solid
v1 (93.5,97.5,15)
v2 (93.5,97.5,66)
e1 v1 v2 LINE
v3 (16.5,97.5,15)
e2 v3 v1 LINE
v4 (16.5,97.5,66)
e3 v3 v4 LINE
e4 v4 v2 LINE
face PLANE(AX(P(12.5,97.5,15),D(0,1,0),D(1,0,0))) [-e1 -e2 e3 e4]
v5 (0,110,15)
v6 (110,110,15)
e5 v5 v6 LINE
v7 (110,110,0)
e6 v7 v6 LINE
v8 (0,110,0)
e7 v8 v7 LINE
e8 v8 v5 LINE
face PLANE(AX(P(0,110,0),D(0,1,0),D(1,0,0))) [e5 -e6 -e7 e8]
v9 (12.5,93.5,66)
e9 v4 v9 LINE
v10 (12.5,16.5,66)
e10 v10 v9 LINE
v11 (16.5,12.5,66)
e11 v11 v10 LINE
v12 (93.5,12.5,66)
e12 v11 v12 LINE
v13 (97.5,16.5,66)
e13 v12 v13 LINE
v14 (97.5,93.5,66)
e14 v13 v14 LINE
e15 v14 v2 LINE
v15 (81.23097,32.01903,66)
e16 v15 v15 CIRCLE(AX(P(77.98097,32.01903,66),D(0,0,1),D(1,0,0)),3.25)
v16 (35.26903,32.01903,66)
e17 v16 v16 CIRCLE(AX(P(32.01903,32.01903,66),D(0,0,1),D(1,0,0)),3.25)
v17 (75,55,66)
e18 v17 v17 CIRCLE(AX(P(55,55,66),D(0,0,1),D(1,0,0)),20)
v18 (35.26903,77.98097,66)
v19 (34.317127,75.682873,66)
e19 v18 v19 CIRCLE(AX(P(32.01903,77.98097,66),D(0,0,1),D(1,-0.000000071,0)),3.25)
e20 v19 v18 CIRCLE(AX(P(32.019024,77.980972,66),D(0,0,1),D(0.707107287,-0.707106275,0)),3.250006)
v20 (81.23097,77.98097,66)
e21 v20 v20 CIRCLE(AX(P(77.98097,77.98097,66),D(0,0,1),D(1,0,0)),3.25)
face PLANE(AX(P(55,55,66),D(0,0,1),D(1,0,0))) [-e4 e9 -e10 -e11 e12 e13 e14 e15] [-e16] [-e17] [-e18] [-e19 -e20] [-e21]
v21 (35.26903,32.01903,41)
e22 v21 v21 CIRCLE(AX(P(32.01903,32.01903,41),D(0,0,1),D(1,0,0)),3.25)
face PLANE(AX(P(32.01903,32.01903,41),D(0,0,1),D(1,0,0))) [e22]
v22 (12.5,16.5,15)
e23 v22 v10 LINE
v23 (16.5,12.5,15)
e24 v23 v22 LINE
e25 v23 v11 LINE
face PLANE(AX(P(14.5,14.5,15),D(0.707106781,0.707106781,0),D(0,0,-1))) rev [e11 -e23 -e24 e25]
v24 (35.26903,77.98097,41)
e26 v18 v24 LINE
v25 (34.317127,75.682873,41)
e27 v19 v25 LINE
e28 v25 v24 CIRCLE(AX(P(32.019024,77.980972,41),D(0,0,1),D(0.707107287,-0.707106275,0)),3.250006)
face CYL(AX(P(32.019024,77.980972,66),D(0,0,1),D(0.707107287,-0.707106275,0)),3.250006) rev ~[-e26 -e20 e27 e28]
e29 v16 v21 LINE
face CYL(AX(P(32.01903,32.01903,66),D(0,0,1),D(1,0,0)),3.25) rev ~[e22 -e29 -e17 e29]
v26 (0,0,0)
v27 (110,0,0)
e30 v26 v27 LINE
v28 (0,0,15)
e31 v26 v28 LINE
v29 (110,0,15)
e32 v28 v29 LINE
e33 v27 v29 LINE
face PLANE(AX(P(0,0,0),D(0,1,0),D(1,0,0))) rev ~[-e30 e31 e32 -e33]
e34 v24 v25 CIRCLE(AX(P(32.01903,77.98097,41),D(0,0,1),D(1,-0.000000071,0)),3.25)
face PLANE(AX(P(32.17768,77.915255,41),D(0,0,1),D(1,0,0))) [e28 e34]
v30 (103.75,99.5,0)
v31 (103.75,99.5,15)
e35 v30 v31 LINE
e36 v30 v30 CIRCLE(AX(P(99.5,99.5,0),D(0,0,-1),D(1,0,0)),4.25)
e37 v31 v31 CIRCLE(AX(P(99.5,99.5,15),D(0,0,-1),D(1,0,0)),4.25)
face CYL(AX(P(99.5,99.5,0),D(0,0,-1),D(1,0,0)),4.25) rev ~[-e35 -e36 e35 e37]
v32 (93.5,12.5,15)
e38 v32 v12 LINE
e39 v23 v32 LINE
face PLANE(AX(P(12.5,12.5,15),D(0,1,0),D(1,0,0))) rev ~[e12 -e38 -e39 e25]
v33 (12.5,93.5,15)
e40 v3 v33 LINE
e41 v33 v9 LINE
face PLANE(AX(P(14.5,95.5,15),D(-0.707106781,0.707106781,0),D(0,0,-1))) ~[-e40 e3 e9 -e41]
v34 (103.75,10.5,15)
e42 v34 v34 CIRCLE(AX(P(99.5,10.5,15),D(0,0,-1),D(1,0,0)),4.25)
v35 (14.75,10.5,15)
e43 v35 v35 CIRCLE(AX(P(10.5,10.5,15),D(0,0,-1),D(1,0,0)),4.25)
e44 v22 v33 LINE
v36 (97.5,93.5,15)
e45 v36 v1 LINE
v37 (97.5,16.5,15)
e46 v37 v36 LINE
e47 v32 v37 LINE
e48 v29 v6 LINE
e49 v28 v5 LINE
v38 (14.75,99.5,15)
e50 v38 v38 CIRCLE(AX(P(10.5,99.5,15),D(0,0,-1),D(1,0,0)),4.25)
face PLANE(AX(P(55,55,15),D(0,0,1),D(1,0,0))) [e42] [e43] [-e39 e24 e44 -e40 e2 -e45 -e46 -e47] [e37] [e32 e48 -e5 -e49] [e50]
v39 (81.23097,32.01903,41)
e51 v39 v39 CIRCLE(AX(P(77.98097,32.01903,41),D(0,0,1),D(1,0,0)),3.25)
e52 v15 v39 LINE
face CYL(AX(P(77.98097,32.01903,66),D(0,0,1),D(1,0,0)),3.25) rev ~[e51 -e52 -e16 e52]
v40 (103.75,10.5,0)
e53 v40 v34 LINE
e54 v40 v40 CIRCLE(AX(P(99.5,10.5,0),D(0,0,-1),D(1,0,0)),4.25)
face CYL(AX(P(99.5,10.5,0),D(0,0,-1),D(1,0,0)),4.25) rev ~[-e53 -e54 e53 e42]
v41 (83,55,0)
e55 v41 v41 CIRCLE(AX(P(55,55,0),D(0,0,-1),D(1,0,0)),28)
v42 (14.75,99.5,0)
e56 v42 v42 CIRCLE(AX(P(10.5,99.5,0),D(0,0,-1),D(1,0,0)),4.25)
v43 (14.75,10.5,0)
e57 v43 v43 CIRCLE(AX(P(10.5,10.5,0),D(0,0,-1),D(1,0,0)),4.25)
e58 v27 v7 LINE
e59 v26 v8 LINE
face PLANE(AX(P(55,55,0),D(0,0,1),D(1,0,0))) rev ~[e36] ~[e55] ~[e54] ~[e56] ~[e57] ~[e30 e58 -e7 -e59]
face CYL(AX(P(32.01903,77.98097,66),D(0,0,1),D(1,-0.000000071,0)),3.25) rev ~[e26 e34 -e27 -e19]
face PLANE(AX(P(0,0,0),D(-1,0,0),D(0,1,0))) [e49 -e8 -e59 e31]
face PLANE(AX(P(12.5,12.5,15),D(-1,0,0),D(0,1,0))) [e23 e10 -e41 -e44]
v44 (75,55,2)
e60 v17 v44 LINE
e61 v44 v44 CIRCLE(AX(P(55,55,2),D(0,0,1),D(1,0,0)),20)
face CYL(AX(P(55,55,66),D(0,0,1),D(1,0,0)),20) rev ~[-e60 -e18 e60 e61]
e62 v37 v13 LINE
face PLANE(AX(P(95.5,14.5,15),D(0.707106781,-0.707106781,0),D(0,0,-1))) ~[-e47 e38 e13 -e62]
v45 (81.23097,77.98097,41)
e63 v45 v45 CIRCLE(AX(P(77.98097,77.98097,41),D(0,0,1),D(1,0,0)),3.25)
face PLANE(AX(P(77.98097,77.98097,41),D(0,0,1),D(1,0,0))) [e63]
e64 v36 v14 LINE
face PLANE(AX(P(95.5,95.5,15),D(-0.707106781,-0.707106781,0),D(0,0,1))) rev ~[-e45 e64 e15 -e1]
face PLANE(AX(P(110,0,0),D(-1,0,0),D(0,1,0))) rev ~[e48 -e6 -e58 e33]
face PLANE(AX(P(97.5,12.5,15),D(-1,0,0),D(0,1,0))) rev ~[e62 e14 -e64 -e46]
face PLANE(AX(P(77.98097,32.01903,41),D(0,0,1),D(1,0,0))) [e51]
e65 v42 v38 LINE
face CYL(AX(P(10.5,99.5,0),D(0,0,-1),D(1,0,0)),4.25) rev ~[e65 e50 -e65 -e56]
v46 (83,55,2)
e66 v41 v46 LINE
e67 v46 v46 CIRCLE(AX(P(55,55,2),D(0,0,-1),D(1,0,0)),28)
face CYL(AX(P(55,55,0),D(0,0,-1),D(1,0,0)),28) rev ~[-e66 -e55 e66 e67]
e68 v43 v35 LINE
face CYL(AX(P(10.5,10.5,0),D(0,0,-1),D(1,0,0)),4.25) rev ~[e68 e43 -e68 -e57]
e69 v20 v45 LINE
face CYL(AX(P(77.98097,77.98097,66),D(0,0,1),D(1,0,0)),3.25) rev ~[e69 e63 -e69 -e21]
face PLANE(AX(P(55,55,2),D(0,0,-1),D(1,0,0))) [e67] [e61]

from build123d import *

# Parameters (mm, degrees)
F0_W      = 110
F0_H      = 110
F1_DEPTH  = 15
F2_W      = 85
F2_H      = 85
F3_DEPTH  = 51
F4_SIZE   = 4
F5_R      = 20
F6_DEPTH  = 66.001
F7_R      = 4.25
F8_DEPTH  = 66.001
F9_R      = 28
F10_DEPTH = 2
F11_R     = 3.25
F12_DEPTH = 25


with BuildPart() as f1:
    # F0 (on Top) → F1 (new body)
    with BuildSketch(Plane.XY):
        with Locations((55, 55)):
            Rectangle(F0_W, F0_H)
    extrude(amount=F1_DEPTH)

    # F2 (on face) → F3 (join)
    with BuildSketch(Plane.XY.offset(15)):
        with Locations((55, 55)):
            Rectangle(F2_W, F2_H)
    extrude(amount=F3_DEPTH)

    # F4
    f4_edges = [f1.edges().sort_by_distance(p)[0] for p in [
        (12.5, 12.5, 40.5),
        (97.5, 12.5, 40.5),
        (97.5, 97.5, 40.5),
        (12.5, 97.5, 40.5),
    ]]
    chamfer(f4_edges, length=F4_SIZE)

    # F5 (on face) → F6 (cut, through all)
    with BuildSketch(Plane.XY.offset(66)):
        with Locations((55, 55)):
            Circle(F5_R)
    extrude(amount=-F6_DEPTH, mode=Mode.SUBTRACT)

    # F7 (on face) → F8 (cut, through all)
    with BuildSketch(Plane(origin=(0, 0, 0), x_dir=(1, 0, 0), z_dir=(0, 0, -1))):
        with Locations((10.5, -10.5)):
            Circle(F7_R)
        with Locations((99.5, -10.5)):
            Circle(F7_R)
        with Locations((99.5, -99.5)):
            Circle(F7_R)
        with Locations((10.5, -99.5)):
            Circle(F7_R)
    extrude(amount=-F8_DEPTH, mode=Mode.SUBTRACT)

    # F9 (on face) → F10 (cut)
    with BuildSketch(Plane(origin=(0, 0, 0), x_dir=(1, 0, 0), z_dir=(0, 0, -1))):
        with Locations((55, -55)):
            Circle(F9_R)
    extrude(amount=-F10_DEPTH, mode=Mode.SUBTRACT)

    # F11 (on face) → F12 (cut)
    with BuildSketch(Plane.XY.offset(66)):
        with BuildLine():
            ThreePointArc((34.317127, 75.682873), (35.021638, 76.737249), (35.26903, 77.98097))
            ThreePointArc((35.26903, 77.98097), (29.016421, 79.224692), (34.317127, 75.682873))
        make_face()
        with Locations((77.98097, 77.98097)):
            Circle(F11_R)
        with Locations((77.98097, 32.01903)):
            Circle(F11_R)
        with Locations((32.01903, 32.01903)):
            Circle(F11_R)
    extrude(amount=-F12_DEPTH, mode=Mode.SUBTRACT)


solid = f1.part
